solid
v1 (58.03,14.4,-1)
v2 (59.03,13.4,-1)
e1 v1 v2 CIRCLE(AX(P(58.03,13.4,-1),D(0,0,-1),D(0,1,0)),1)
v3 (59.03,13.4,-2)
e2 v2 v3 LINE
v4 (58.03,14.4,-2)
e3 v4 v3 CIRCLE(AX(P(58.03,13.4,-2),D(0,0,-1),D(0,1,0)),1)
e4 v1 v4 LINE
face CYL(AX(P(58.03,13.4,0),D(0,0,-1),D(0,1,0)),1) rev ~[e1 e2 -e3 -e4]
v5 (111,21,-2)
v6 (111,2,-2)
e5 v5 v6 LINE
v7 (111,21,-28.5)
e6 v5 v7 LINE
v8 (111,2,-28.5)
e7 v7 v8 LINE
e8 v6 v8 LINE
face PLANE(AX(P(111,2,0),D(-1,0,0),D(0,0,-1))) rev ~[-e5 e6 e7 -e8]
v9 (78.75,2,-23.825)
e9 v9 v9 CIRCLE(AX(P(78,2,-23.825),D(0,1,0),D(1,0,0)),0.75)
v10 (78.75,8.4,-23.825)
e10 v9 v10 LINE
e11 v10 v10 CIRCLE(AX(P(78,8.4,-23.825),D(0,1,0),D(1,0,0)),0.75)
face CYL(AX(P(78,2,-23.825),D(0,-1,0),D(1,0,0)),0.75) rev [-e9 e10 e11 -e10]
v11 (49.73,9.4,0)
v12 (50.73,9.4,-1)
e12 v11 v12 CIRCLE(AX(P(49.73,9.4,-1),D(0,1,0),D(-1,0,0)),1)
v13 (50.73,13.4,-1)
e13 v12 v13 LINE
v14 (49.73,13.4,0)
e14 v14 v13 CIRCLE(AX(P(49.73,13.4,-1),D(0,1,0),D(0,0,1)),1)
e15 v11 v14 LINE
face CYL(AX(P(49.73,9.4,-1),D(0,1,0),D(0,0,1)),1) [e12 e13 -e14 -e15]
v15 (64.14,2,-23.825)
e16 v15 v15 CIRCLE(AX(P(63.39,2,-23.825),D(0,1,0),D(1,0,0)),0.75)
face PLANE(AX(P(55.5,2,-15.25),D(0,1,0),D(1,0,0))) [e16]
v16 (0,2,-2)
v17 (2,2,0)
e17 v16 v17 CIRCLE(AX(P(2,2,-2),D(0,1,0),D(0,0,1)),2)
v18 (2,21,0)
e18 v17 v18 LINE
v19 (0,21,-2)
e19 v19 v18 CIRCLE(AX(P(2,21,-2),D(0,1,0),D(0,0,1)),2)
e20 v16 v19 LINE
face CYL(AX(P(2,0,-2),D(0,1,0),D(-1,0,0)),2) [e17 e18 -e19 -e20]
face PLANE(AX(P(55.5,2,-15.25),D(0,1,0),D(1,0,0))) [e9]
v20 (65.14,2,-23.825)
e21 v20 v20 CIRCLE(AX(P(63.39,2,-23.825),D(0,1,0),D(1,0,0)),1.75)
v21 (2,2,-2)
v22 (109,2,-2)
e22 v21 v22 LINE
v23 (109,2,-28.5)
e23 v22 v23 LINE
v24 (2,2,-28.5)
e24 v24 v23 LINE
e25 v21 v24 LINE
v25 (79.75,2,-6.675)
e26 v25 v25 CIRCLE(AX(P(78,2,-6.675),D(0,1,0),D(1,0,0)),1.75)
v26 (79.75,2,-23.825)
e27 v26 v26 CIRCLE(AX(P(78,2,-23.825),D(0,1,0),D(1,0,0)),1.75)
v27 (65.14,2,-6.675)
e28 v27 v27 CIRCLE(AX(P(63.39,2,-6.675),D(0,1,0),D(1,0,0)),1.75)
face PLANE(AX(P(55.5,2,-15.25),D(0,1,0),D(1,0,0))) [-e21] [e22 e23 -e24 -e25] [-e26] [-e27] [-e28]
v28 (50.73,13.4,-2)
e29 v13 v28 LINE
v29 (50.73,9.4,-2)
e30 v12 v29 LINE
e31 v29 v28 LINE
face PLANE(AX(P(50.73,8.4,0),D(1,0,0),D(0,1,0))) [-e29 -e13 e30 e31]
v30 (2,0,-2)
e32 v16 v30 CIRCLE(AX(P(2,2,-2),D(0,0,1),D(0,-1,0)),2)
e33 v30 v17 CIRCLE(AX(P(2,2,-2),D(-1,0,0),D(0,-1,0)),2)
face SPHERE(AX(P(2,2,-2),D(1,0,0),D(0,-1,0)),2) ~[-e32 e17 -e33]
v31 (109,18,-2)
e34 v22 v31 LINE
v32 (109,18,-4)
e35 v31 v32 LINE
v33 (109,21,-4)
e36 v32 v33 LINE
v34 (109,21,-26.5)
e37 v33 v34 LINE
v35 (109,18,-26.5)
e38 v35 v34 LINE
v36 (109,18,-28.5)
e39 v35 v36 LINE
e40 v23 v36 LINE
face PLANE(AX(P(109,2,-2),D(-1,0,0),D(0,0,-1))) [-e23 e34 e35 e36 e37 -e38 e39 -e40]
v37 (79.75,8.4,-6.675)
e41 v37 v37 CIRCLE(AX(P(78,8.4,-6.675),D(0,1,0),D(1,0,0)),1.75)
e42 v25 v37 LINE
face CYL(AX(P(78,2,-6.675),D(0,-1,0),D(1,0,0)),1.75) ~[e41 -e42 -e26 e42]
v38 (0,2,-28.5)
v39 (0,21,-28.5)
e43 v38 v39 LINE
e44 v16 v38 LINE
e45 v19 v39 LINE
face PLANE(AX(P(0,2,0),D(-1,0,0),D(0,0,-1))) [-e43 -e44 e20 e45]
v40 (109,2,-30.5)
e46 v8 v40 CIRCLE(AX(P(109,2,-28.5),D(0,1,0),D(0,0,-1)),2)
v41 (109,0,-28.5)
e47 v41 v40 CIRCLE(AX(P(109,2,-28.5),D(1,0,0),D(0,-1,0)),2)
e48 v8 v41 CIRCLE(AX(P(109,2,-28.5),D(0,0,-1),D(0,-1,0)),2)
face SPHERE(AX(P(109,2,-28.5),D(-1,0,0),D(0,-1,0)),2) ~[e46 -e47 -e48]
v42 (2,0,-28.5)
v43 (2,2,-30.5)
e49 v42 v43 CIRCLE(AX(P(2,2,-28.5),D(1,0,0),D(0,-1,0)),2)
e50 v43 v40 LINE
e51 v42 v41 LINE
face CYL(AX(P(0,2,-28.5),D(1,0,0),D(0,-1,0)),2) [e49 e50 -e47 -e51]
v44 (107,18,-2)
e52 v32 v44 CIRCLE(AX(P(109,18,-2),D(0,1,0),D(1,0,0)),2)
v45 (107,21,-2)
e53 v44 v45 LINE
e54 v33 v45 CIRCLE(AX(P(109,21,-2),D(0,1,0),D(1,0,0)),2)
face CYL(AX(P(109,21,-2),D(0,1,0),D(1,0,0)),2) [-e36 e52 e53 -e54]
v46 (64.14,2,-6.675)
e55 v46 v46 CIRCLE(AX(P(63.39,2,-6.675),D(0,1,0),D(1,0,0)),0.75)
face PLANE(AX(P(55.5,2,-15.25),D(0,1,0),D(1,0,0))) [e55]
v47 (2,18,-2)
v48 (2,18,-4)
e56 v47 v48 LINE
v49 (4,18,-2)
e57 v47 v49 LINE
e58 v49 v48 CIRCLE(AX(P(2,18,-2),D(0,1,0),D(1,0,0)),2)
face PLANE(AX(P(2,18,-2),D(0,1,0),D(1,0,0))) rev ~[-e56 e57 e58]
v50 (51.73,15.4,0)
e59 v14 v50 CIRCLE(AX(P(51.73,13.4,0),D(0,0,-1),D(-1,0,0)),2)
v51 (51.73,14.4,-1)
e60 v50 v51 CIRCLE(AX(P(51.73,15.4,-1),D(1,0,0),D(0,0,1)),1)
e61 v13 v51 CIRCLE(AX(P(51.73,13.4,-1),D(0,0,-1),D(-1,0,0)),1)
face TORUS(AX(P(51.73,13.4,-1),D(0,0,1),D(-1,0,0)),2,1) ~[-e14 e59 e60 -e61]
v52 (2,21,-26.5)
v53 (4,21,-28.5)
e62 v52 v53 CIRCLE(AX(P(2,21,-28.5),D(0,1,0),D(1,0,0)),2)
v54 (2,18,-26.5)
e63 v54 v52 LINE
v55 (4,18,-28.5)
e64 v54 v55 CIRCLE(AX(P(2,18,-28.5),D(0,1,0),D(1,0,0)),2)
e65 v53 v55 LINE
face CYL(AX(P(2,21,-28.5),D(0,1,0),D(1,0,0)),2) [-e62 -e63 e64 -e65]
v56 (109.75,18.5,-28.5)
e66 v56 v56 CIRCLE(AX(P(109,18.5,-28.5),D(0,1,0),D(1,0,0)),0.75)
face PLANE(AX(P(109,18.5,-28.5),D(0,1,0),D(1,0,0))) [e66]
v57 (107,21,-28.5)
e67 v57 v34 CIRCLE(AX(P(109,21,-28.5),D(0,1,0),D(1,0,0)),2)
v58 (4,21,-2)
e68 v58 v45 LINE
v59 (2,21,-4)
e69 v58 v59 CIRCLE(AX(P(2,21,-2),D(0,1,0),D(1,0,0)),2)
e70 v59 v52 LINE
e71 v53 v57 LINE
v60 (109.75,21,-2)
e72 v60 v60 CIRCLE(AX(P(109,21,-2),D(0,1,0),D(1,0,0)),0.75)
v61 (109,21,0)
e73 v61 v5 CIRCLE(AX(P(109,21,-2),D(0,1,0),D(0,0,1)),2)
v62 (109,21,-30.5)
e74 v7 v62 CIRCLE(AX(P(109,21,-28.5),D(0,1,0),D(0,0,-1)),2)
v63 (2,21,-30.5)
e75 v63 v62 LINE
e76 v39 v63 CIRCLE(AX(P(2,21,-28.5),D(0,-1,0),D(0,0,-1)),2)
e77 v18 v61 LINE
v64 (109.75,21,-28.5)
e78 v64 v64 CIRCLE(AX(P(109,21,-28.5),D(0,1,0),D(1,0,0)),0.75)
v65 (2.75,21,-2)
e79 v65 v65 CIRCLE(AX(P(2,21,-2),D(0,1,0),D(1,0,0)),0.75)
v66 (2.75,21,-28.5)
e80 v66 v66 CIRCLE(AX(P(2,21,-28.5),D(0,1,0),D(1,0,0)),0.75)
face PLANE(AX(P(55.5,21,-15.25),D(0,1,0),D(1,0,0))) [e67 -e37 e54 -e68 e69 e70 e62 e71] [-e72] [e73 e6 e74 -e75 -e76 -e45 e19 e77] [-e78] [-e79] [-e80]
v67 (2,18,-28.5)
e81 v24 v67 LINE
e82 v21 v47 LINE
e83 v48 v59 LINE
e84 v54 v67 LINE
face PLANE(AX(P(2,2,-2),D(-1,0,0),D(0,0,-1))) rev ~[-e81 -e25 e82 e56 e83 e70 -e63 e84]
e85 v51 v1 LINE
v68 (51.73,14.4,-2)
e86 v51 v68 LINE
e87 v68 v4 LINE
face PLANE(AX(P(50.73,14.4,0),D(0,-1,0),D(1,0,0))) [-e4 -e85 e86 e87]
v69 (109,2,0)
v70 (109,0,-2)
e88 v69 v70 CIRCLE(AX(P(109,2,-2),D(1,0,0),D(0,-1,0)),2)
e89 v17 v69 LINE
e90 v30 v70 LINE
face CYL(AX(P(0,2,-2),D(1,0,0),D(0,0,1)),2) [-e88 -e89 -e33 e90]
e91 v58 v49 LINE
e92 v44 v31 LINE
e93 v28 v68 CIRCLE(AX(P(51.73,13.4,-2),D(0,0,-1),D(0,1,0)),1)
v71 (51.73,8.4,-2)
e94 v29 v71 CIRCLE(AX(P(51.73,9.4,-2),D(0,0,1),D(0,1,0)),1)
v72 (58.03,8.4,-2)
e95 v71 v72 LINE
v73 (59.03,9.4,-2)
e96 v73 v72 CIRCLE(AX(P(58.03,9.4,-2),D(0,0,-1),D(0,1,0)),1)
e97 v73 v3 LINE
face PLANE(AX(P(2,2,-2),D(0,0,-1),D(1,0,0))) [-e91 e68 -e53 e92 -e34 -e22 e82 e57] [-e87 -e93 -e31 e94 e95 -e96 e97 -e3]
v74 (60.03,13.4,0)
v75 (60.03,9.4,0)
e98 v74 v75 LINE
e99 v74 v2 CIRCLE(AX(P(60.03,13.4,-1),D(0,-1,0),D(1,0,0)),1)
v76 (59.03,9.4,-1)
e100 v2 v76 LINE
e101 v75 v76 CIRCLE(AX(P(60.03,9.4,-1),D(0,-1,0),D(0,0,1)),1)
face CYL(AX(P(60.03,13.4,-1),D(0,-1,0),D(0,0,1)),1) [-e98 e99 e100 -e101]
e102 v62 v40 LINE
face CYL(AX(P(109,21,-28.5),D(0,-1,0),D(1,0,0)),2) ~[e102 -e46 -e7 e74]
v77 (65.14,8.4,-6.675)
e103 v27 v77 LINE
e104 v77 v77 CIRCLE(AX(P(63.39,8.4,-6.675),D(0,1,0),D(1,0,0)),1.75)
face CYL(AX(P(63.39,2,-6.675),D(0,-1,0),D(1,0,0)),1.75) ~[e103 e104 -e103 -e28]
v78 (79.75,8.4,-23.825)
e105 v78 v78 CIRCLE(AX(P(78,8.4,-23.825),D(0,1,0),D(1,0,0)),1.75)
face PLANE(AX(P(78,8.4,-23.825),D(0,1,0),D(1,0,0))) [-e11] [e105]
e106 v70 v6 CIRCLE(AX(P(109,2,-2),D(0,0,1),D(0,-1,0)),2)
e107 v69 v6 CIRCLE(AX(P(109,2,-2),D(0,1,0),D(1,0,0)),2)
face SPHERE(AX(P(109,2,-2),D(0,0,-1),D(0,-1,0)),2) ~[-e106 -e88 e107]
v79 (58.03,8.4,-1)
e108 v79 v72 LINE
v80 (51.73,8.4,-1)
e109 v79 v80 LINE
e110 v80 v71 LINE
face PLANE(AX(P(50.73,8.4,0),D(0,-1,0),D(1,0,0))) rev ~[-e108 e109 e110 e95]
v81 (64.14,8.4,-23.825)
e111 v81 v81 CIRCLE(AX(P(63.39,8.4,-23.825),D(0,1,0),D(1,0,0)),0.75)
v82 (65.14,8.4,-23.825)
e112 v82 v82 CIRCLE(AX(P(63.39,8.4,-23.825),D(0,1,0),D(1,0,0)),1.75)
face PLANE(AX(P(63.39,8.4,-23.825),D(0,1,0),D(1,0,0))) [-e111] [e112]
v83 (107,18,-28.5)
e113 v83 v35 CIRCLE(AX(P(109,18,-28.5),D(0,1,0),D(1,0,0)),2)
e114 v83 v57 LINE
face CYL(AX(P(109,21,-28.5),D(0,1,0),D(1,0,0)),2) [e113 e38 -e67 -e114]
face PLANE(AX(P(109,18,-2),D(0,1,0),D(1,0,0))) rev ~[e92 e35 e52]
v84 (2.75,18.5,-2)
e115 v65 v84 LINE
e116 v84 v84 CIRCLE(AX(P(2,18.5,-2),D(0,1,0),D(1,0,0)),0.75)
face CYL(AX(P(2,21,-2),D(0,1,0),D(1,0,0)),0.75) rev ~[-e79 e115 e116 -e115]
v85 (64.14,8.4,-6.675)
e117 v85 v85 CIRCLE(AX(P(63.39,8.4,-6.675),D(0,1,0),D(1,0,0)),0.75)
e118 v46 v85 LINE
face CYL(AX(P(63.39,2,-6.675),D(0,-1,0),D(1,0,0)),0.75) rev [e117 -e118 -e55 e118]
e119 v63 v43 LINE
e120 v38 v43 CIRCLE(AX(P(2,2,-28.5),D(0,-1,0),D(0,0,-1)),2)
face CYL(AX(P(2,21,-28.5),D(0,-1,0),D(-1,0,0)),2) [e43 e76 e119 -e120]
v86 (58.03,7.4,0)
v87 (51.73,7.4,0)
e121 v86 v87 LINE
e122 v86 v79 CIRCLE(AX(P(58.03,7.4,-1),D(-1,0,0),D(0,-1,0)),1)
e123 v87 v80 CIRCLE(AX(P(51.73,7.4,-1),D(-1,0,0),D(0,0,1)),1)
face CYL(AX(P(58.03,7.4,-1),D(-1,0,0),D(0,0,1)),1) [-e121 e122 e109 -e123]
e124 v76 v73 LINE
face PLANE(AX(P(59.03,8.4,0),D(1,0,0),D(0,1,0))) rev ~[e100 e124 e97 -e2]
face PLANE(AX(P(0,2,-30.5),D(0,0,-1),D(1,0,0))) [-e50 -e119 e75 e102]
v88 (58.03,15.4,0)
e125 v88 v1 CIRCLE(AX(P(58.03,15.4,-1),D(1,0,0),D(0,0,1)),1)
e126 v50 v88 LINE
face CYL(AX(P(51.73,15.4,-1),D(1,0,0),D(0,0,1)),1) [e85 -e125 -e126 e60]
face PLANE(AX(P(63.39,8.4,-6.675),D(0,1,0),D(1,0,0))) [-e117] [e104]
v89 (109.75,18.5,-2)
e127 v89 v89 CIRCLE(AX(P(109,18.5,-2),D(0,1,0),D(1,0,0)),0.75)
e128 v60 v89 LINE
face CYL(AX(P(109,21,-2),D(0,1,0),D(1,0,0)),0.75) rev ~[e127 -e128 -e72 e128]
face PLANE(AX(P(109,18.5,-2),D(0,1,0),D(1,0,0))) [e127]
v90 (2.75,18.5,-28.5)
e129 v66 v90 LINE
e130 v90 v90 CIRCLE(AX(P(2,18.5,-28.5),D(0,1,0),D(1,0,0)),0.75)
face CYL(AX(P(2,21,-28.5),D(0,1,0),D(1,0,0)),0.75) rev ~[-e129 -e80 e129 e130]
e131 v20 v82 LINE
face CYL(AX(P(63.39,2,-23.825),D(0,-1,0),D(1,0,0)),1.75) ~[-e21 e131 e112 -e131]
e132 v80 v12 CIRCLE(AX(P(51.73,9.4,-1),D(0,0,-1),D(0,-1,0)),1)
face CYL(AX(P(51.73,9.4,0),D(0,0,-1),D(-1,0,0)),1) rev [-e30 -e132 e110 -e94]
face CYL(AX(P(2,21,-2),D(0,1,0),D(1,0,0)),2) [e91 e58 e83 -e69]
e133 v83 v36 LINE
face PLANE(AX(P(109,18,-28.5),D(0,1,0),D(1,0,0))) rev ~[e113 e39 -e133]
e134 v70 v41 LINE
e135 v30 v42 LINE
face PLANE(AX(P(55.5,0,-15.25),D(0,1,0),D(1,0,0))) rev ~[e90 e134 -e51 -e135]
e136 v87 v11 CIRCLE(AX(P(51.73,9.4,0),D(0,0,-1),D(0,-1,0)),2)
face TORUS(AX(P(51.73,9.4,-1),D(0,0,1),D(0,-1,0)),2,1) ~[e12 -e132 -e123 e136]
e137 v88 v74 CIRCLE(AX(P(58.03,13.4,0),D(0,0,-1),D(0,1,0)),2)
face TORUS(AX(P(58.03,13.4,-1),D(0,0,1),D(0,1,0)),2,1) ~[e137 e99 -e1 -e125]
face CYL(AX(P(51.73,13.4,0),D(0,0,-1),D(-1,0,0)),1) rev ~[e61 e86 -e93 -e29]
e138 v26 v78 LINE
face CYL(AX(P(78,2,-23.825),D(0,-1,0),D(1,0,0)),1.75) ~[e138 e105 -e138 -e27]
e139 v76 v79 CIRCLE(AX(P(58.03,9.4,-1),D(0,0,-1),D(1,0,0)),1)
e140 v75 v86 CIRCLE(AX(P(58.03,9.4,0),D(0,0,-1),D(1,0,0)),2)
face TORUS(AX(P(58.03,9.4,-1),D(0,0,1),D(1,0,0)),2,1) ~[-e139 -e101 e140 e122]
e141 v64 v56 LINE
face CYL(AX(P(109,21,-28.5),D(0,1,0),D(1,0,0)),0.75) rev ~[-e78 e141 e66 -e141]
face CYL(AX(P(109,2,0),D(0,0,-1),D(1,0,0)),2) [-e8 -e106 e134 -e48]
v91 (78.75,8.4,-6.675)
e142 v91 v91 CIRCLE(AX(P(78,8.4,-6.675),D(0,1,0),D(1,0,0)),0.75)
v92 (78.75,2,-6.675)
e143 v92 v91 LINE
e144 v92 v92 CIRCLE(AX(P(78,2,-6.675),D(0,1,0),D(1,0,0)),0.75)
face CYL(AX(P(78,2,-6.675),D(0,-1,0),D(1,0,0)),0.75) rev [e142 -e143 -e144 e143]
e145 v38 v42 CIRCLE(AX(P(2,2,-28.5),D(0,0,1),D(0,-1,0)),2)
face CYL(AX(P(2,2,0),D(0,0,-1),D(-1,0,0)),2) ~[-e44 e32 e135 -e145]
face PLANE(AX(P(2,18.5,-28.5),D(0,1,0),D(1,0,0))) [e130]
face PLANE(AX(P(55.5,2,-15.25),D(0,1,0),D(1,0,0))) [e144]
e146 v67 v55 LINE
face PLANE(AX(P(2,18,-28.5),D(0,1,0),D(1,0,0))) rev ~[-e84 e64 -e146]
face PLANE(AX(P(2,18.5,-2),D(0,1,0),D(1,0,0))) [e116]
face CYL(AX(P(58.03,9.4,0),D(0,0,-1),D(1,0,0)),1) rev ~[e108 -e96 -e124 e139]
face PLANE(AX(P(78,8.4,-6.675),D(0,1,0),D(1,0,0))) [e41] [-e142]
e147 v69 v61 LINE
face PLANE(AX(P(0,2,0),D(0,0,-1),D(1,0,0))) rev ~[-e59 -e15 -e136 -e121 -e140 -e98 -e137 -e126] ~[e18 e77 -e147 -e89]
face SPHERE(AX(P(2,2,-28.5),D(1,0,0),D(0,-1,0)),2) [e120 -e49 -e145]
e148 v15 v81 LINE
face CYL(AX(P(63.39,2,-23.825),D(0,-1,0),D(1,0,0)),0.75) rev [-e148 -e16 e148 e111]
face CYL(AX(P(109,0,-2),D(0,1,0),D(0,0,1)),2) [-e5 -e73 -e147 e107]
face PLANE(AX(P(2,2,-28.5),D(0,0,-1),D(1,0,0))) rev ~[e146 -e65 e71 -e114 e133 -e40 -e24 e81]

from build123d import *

# Parameters (mm, degrees)
SKETCH1_W           = 111
SKETCH1_H           = 30.5
BOSS_EXTRUDE1_DEPTH = 2
SKETCH2_W           = 111
SKETCH2_H           = 30.5
SKETCH2_W_2         = 107
SKETCH2_H_2         = 26.5
BOSS_EXTRUDE2_DEPTH = 19
FILLET1_R           = 2
SKETCH4_R           = 2
BOSS_EXTRUDE4_DEPTH = 3
SKETCH5_R           = 1.75
SKETCH5_R_2         = 0.75
BOSS_EXTRUDE5_DEPTH = 6.4
SKETCH6_W           = 8.3
SKETCH6_H           = 6
CUT_EXTRUDE1_DEPTH  = 2
FILLET2_R           = 1
SKETCH7_R           = 0.75
CUT_EXTRUDE3_DEPTH  = 2.5
FILLET3_R           = 1


with BuildPart() as part:
    # Sketch1 → Boss-Extrude1 (new body)
    with BuildSketch(Plane(origin=(0, 0, 0), x_dir=(1, 0, 0), z_dir=(0, 1, 0))):
        with Locations((55.5, 15.25)):
            Rectangle(SKETCH1_W, SKETCH1_H)
    extrude(amount=BOSS_EXTRUDE1_DEPTH)

    # Sketch2 → Boss-Extrude2 (add)
    with BuildSketch(Plane(origin=(0, 2, 0), x_dir=(1, 0, 0), z_dir=(0, 1, 0))):
        with Locations((55.5, 15.25)):
            Rectangle(SKETCH2_W, SKETCH2_H)
        with Locations((55.5, 15.25)):
            Rectangle(SKETCH2_W_2, SKETCH2_H_2, mode=Mode.SUBTRACT)
    extrude(amount=BOSS_EXTRUDE2_DEPTH)

    # Fillet1
    fillet1_edges = [part.edges().sort_by_distance(p)[0] for p in [
        (55.5, 0, -30.5),
        (111, 0, -15.25),
        (55.5, 0, 0),
        (0, 0, -15.25),
        (0, 10.5, -30.5),
        (111, 10.5, -30.5),
        (111, 10.5, 0),
        (0, 10.5, 0),
    ]]
    fillet(fillet1_edges, radius=FILLET1_R)

    # Sketch4 → Boss-Extrude4 (add)
    with BuildSketch(Plane(origin=(0, 21, 0), x_dir=(1, 0, 0), z_dir=(0, 1, 0))):
        with Locations((2, 28.5)):
            Circle(SKETCH4_R)
        with Locations((2, 2)):
            Circle(SKETCH4_R)
        with Locations((109, 2)):
            Circle(SKETCH4_R)
        with Locations((109, 28.5)):
            Circle(SKETCH4_R)
    extrude(amount=-BOSS_EXTRUDE4_DEPTH)

    # Sketch5 → Boss-Extrude5 (add)
    with BuildSketch(Plane(origin=(0, 2, 0), x_dir=(1, 0, 0), z_dir=(0, 1, 0))):
        with Locations((63.39, 23.825)):
            Circle(SKETCH5_R)
        with Locations((63.39, 23.825)):
            Circle(SKETCH5_R_2, mode=Mode.SUBTRACT)
        with Locations((63.39, 6.675)):
            Circle(SKETCH5_R)
        with Locations((63.39, 6.675)):
            Circle(SKETCH5_R_2, mode=Mode.SUBTRACT)
        with Locations((78, 6.675)):
            Circle(SKETCH5_R)
        with Locations((78, 6.675)):
            Circle(SKETCH5_R_2, mode=Mode.SUBTRACT)
        with Locations((78, 23.825)):
            Circle(SKETCH5_R)
        with Locations((78, 23.825)):
            Circle(SKETCH5_R_2, mode=Mode.SUBTRACT)
    extrude(amount=BOSS_EXTRUDE5_DEPTH)

    # Sketch6 → Cut-Extrude1 (cut)
    with BuildSketch(Plane.XY):
        with Locations((54.88, 11.4)):
            Rectangle(SKETCH6_W, SKETCH6_H)
    extrude(amount=-CUT_EXTRUDE1_DEPTH, mode=Mode.SUBTRACT)

    # Fillet2
    fillet2_edges = [part.edges().sort_by_distance(p)[0] for p in [
        (59.03, 8.4, -1),
        (59.03, 14.4, -1),
        (50.73, 14.4, -1),
        (50.73, 8.4, -1),
    ]]
    fillet(fillet2_edges, radius=FILLET2_R)

    # Sketch7 → Cut-Extrude3 (cut)
    with BuildSketch(Plane(origin=(0, 21, 0), x_dir=(1, 0, 0), z_dir=(0, 1, 0))):
        with Locations((2, 28.5)):
            Circle(SKETCH7_R)
        with Locations((2, 2)):
            Circle(SKETCH7_R)
        with Locations((109, 2)):
            Circle(SKETCH7_R)
        with Locations((109, 28.5)):
            Circle(SKETCH7_R)
    extrude(amount=-CUT_EXTRUDE3_DEPTH, mode=Mode.SUBTRACT)

    # Fillet3
    fillet3_edges = [part.edges().sort_by_distance(p)[0] for p in [
        (54.88, 14.4, 0),
        (59.03, 11.4, 0),
        (50.73, 11.4, 0),
        (54.88, 8.4, 0),
        (58.737106781, 14.107106781, 0),
        (51.022893219, 14.107106781, 0),
        (51.022893219, 8.692893219, 0),
        (58.737106781, 8.692893219, 0),
    ]]
    fillet(fillet3_edges, radius=FILLET3_R)


solid = part.part
